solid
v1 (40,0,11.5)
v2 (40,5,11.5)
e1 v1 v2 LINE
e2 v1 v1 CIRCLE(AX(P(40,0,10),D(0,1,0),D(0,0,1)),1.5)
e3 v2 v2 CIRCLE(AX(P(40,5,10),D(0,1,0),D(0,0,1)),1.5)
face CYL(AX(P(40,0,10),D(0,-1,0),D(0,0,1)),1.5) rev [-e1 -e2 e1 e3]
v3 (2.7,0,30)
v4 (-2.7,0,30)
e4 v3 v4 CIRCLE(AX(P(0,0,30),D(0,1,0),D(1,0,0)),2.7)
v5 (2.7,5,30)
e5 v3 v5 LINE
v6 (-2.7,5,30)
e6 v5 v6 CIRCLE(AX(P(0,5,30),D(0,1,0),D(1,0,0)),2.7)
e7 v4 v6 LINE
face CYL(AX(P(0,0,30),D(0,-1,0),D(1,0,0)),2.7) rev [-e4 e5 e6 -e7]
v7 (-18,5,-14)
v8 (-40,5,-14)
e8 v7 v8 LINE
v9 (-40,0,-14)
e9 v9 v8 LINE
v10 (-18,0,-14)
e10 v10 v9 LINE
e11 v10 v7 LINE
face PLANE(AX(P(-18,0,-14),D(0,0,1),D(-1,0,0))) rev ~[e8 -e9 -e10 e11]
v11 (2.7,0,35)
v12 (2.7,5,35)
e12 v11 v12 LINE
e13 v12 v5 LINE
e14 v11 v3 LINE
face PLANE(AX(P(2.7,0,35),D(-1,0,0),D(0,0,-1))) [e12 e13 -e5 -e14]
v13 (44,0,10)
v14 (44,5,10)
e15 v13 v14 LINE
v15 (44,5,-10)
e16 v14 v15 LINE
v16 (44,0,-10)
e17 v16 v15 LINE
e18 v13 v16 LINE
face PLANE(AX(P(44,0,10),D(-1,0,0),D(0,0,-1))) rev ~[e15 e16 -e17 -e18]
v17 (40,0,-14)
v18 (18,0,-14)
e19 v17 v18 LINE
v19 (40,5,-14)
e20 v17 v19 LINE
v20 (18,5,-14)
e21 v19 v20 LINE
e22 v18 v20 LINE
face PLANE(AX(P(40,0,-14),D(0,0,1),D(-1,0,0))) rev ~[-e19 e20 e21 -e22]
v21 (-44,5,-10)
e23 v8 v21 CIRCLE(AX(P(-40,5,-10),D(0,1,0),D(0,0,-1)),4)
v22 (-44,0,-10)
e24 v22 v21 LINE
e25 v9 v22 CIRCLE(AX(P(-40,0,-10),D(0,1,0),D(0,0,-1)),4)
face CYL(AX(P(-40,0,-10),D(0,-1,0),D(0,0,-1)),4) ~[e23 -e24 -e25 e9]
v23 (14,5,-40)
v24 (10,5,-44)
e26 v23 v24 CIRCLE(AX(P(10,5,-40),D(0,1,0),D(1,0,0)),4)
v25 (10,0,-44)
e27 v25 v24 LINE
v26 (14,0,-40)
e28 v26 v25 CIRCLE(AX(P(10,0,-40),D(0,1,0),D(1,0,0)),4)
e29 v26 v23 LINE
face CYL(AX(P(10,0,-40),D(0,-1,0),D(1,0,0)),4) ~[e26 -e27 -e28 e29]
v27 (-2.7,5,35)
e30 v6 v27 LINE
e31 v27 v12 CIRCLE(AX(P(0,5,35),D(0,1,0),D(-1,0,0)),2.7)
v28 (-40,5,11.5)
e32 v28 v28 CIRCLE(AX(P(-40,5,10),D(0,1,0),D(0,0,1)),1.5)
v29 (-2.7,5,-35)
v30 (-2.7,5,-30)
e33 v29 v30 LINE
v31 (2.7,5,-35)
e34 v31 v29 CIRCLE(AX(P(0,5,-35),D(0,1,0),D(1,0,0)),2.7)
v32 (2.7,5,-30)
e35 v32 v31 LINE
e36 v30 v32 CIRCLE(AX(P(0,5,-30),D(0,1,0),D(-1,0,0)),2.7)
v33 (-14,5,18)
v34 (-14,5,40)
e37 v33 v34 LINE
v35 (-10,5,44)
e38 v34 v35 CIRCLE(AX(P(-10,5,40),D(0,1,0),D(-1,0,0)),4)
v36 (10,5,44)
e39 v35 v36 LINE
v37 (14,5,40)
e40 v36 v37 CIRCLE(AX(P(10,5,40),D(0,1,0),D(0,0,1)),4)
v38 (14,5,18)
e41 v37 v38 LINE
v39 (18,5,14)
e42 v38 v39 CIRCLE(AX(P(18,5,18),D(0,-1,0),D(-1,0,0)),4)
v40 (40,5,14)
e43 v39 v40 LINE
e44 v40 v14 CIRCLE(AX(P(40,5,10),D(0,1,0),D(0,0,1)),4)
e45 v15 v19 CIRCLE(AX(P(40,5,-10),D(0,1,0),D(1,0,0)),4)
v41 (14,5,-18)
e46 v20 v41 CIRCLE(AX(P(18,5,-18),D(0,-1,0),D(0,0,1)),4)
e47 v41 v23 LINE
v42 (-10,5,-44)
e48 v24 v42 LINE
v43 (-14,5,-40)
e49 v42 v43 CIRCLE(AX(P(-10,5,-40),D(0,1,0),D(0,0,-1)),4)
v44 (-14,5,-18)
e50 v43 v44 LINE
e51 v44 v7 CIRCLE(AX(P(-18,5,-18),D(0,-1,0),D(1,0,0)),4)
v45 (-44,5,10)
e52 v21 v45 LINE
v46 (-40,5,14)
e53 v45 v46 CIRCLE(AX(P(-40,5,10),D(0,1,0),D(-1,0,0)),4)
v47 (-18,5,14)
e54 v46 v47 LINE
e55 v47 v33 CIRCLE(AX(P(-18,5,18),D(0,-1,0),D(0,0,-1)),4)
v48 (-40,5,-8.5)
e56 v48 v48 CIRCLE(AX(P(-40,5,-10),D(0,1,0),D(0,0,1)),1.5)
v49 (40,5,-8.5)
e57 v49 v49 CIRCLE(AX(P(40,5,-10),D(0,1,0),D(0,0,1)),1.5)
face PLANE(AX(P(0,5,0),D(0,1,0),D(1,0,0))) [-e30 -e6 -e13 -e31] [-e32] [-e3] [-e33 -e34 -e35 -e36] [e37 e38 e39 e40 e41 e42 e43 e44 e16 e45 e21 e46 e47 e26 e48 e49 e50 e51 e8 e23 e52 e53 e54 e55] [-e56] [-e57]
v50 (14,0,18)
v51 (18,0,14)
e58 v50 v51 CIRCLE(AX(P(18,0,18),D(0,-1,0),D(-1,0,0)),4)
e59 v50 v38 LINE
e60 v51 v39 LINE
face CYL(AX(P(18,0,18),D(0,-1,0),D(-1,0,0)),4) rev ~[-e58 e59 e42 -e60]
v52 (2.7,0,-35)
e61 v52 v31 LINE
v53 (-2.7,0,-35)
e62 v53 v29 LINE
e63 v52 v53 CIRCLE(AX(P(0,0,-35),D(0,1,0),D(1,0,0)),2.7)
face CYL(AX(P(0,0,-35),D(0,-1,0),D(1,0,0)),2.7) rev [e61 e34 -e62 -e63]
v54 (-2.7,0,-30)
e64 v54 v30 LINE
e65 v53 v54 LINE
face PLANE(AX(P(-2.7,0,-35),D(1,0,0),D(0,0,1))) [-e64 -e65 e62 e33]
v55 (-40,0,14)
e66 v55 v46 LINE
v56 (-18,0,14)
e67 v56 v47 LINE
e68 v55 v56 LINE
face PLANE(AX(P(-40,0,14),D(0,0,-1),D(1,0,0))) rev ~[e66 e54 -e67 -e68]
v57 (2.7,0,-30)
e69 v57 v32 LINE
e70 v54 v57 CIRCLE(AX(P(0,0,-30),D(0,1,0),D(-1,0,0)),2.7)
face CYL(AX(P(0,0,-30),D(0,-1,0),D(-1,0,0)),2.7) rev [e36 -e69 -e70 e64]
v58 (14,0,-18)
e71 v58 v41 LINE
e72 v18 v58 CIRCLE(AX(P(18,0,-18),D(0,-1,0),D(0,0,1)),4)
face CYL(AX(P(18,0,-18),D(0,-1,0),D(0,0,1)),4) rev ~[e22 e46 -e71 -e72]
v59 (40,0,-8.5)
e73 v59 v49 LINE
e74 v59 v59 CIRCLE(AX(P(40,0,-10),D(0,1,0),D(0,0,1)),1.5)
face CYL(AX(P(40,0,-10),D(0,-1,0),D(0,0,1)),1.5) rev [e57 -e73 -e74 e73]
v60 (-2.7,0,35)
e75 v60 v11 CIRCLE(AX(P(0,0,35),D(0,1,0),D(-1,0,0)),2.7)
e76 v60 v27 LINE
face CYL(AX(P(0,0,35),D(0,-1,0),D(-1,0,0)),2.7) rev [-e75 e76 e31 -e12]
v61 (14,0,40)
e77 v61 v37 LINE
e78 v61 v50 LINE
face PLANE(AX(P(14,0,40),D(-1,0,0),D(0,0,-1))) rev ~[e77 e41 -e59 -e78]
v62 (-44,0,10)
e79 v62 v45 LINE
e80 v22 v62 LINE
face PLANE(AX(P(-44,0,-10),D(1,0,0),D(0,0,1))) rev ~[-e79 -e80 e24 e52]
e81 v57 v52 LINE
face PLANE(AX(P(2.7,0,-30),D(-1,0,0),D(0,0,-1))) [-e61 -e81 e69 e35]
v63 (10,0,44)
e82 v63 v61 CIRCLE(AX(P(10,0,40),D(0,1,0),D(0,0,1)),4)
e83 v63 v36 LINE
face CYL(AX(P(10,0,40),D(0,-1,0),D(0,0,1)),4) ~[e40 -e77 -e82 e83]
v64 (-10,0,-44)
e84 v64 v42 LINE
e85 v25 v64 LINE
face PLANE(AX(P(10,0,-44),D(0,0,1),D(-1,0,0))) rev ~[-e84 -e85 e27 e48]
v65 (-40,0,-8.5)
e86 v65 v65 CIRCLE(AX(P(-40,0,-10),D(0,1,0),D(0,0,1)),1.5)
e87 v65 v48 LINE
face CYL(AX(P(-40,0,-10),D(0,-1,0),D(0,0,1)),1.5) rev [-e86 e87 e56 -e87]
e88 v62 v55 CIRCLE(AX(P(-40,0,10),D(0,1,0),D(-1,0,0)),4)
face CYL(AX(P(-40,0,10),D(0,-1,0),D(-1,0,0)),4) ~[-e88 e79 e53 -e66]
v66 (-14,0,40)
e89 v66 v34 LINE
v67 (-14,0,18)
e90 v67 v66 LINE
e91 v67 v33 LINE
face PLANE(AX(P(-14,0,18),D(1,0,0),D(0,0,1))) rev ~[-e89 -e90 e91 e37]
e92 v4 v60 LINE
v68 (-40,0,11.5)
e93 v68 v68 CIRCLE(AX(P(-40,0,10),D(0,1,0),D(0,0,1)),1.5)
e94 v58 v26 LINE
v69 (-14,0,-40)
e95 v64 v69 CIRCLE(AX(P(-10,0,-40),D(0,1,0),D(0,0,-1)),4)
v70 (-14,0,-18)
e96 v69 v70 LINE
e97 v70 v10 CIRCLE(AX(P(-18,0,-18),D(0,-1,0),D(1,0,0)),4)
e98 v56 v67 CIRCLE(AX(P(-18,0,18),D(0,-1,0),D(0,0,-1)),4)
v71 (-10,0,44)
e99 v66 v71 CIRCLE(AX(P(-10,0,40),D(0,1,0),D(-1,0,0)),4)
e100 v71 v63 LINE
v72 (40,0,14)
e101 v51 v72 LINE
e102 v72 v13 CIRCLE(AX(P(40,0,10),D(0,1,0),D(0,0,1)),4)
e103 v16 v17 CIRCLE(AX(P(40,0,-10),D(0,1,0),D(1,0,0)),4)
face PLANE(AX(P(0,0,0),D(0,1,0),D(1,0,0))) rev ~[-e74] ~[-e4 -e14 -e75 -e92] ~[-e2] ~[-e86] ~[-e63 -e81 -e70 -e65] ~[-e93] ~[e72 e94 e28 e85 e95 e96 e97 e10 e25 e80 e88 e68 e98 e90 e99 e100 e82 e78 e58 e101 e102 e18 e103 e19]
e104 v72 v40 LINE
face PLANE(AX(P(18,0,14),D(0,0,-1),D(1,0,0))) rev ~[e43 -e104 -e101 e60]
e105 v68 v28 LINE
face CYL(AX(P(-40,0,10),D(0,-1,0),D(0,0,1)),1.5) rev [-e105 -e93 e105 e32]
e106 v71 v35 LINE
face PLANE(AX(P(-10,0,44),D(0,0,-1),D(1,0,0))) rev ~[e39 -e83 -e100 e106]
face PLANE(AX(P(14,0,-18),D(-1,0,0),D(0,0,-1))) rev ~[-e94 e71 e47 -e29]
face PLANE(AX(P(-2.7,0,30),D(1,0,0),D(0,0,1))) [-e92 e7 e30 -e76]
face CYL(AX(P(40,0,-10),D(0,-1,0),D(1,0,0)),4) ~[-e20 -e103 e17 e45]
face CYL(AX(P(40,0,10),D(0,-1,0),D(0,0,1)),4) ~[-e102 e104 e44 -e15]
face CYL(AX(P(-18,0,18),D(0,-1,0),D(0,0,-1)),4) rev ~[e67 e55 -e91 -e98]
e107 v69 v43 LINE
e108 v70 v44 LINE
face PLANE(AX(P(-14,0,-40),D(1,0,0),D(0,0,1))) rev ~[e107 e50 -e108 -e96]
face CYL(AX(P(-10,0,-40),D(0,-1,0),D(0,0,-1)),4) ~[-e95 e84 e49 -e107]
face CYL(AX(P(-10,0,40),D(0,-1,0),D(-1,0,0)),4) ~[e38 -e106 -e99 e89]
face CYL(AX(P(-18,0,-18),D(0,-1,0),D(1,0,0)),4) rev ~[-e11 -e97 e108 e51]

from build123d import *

# Parameters (mm, degrees)
SKETCH_1_R      = 1.5
EXTRUDE_1_DEPTH = 5


with BuildPart() as part:
    # 草图1 → 凸台-拉伸1 (new body)
    with BuildSketch(Plane(origin=(0, 0, 0), x_dir=(1, 0, 0), z_dir=(0, 1, 0))):
        with BuildLine():
            Line((14, -40), (14, -18))
            ThreePointArc((14, -18), (15.171572875, -15.171572875), (18, -14))
            Line((18, -14), (40, -14))
            ThreePointArc((40, -14), (42.828427125, -12.828427125), (44, -10))
            Line((44, -10), (44, 10))
            ThreePointArc((44, 10), (42.828427125, 12.828427125), (40, 14))
            Line((40, 14), (18, 14))
            ThreePointArc((18, 14), (15.171572875, 15.171572875), (14, 18))
            Line((14, 18), (14, 40))
            ThreePointArc((14, 40), (12.828427125, 42.828427125), (10, 44))
            Line((10, 44), (-10, 44))
            ThreePointArc((-10, 44), (-12.828427125, 42.828427125), (-14, 40))
            Line((-14, 40), (-14, 18))
            ThreePointArc((-14, 18), (-15.171572875, 15.171572875), (-18, 14))
            Line((-18, 14), (-40, 14))
            ThreePointArc((-40, 14), (-42.828427125, 12.828427125), (-44, 10))
            Line((-44, 10), (-44, -10))
            ThreePointArc((-44, -10), (-42.828427125, -12.828427125), (-40, -14))
            Line((-40, -14), (-18, -14))
            ThreePointArc((-18, -14), (-15.171572875, -15.171572875), (-14, -18))
            Line((-14, -18), (-14, -40))
            ThreePointArc((-14, -40), (-12.828427125, -42.828427125), (-10, -44))
            Line((-10, -44), (10, -44))
            ThreePointArc((10, -44), (12.828427125, -42.828427125), (14, -40))
        make_face()
        with Locations(Location((40, 10, 0), (0, 0, 270))):
            Circle(SKETCH_1_R, mode=Mode.SUBTRACT)
        with Locations(Location((40, -10, 0), (0, 0, 270))):
            Circle(SKETCH_1_R, mode=Mode.SUBTRACT)
        with Locations(Location((-40, 10, 0), (0, 0, 270))):
            Circle(SKETCH_1_R, mode=Mode.SUBTRACT)
        with Locations(Location((-40, -10, 0), (0, 0, 270))):
            Circle(SKETCH_1_R, mode=Mode.SUBTRACT)
        with BuildLine():
            ThreePointArc((-2.7, 30), (0, 27.3), (2.7, 30))
            Line((2.7, 30), (2.7, 35))
            ThreePointArc((2.7, 35), (0, 37.7), (-2.7, 35))
            Line((-2.7, 35), (-2.7, 30))
        make_face(mode=Mode.SUBTRACT)
        with BuildLine():
            ThreePointArc((2.7, -30), (0, -27.3), (-2.7, -30))
            Line((-2.7, -30), (-2.7, -35))
            ThreePointArc((-2.7, -35), (0, -37.7), (2.7, -35))
            Line((2.7, -35), (2.7, -30))
        make_face(mode=Mode.SUBTRACT)
    extrude(amount=EXTRUDE_1_DEPTH)


solid = part.part
